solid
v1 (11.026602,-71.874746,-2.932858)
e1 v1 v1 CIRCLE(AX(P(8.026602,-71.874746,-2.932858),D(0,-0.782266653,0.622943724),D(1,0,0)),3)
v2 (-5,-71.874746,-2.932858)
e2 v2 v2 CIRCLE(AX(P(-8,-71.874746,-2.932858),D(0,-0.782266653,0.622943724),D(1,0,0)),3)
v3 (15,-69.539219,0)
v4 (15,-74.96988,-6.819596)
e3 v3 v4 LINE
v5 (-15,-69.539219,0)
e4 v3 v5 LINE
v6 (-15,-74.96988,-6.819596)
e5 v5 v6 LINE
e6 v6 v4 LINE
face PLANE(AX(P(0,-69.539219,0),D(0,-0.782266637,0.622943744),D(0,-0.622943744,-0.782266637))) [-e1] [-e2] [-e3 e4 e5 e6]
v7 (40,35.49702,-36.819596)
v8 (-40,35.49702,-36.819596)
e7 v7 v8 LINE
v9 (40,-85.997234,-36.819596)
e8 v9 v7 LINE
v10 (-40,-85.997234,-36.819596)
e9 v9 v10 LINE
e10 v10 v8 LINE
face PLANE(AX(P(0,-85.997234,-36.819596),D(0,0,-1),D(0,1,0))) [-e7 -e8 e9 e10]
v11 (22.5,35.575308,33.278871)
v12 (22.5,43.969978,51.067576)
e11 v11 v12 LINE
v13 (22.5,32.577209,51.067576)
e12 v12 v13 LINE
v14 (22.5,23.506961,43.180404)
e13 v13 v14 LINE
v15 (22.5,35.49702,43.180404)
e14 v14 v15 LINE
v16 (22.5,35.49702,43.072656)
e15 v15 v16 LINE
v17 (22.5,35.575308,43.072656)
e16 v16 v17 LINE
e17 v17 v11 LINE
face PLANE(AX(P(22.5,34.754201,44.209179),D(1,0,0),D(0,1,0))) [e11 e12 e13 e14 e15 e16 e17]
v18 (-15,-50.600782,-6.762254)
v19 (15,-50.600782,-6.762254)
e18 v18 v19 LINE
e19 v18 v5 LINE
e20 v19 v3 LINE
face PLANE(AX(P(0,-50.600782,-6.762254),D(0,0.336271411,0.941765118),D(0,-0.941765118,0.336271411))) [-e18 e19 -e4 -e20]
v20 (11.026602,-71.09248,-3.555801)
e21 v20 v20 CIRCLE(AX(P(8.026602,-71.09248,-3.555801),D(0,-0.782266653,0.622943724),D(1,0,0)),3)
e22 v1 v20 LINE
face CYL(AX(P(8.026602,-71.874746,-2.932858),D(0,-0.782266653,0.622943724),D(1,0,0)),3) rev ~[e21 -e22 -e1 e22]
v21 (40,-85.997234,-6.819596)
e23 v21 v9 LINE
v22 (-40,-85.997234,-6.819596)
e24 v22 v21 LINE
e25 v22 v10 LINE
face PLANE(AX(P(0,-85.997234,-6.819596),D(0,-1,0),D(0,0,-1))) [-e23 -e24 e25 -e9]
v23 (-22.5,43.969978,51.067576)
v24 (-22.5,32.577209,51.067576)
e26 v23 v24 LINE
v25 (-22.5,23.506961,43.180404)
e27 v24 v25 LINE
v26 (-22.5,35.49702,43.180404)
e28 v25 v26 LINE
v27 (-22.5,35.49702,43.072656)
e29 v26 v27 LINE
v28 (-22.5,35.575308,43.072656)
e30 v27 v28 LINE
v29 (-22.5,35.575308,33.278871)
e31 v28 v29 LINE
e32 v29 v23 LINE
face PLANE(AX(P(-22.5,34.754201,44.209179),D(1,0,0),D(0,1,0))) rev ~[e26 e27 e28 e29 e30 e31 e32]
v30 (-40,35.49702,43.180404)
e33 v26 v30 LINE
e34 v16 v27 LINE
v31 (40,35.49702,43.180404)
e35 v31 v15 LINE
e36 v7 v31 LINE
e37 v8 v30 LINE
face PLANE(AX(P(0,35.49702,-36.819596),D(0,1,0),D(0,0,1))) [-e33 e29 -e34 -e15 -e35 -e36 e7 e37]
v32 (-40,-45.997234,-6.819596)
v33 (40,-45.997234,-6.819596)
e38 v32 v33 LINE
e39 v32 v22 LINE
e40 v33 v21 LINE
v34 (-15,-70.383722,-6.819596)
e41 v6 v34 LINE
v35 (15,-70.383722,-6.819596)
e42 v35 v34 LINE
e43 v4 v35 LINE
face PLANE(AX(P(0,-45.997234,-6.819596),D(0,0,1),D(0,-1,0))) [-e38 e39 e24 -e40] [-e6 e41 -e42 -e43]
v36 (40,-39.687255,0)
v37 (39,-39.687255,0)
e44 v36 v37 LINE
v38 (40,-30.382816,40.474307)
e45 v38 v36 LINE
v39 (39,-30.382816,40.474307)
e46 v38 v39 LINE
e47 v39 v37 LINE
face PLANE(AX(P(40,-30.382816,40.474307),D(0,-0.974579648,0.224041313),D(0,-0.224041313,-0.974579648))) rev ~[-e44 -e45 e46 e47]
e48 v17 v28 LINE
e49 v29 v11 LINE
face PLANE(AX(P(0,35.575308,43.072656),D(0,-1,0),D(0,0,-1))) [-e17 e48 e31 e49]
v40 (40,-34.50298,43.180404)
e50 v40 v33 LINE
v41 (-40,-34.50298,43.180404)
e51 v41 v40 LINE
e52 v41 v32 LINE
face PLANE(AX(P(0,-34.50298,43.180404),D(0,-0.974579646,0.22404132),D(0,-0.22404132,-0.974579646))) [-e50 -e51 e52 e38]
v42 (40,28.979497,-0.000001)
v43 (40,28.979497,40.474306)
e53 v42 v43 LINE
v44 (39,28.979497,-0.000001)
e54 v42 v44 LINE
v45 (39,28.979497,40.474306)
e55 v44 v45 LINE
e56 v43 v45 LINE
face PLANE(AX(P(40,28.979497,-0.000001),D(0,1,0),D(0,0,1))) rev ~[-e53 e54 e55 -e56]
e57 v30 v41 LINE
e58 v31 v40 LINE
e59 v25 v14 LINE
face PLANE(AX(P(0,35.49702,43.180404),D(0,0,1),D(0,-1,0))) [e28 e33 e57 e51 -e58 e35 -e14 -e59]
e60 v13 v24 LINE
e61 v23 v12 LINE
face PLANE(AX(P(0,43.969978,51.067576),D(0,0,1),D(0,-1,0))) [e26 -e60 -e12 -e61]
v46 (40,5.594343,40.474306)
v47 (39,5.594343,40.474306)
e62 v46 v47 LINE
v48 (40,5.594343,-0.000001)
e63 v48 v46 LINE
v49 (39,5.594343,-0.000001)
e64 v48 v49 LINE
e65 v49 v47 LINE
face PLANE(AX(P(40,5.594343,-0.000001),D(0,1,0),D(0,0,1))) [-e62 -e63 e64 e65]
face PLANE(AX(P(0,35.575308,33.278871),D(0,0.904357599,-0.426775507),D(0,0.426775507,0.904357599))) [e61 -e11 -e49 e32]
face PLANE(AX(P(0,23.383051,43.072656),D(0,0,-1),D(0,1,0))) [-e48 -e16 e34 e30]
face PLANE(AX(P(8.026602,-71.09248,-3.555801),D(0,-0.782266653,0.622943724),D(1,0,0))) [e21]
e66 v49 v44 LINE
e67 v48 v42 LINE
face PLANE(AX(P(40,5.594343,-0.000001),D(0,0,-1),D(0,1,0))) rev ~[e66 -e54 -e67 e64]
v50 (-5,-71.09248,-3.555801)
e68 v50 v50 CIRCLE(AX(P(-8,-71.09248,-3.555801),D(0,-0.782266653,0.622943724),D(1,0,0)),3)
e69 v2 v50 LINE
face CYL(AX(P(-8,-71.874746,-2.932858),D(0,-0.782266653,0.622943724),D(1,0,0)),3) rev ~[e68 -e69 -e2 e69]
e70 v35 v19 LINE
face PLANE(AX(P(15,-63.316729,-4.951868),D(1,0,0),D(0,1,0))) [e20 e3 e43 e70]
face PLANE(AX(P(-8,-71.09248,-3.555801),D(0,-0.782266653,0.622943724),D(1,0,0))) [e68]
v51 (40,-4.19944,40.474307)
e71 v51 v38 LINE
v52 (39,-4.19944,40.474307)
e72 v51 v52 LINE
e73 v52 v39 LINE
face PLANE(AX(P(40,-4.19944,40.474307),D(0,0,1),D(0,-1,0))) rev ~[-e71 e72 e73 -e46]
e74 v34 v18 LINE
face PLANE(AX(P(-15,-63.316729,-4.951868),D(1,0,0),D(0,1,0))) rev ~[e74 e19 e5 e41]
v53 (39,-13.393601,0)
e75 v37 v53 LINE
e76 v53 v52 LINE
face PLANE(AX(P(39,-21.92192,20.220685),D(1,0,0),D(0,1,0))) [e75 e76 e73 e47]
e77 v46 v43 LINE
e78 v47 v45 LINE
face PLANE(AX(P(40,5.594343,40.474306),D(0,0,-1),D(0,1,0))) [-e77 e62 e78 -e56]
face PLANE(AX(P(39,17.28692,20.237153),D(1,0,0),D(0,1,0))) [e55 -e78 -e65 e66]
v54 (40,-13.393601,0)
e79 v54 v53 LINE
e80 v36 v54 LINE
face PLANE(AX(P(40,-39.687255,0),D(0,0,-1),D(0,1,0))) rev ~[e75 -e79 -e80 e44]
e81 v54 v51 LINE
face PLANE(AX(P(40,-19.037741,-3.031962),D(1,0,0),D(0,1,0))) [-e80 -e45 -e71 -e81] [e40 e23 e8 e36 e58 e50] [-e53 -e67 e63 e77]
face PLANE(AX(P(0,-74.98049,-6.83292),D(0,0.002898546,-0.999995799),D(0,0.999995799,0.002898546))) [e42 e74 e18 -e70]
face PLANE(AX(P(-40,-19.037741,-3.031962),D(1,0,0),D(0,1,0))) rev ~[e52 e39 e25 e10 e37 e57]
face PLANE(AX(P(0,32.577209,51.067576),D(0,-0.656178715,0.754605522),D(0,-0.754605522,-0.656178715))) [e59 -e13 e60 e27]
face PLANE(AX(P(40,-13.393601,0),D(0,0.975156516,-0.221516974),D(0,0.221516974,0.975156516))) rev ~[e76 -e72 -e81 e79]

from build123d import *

# Parameters (mm, degrees)
F1_DEPTH = 40
F3_DEPTH = 22.5
F5_DEPTH = 15
F6_R     = 3
F7_DEPTH = 1
F8_W     = 23.385154
F8_H     = 40.474307
F9_DEPTH = 1


with BuildPart() as f1:
    # F0 (on Right) → F1 (new body, symmetric)
    with BuildSketch(Plane.YZ):
        Polygon((35.49702, 43.180404), (-34.50298, 43.180404), (-45.997234, -6.819596), (-85.997234, -6.819596), (-85.997234, -36.819596), (35.49702, -36.819596), align=None)
    extrude(amount=F1_DEPTH, both=True)

    # F2 (on Right) → F3 (join, symmetric)
    with BuildSketch(Plane.YZ):
        Polygon((35.575308, 43.072656), (35.575308, 33.278871), (43.969978, 51.067576), (32.577209, 51.067576), (23.383051, 43.072656), align=None)
    extrude(amount=F3_DEPTH, both=True)

    # F4 (on Right) → F5 (join, symmetric)
    with BuildSketch(Plane.YZ):
        Polygon((-74.98049, -6.83292), (-50.600782, -6.762254), (-69.539219, 0), align=None)
    extrude(amount=F5_DEPTH, both=True)

    # F6 (on face) → F7 (cut)
    with BuildSketch(Plane(origin=(0, -42.553907, 33.887025), x_dir=(1, 0, 0), z_dir=(0, -0.782267, 0.622944))):
        with Locations((-8, -47.068199)):
            Circle(F6_R)
        with Locations((8.026602, -47.068199)):
            Circle(F6_R)
    extrude(amount=-F7_DEPTH, mode=Mode.SUBTRACT)

    # F8 (on face) → F9 (cut)
    with BuildSketch(Plane.YZ.offset(40)):
        Polygon((-4.19944, 40.474307), (-30.382816, 40.474307), (-39.687255, 0), (-13.393601, 0), align=None)
        with Locations((17.28692, 20.237153)):
            Rectangle(F8_W, F8_H)
    extrude(amount=-F9_DEPTH, mode=Mode.SUBTRACT)


solid = f1.part
